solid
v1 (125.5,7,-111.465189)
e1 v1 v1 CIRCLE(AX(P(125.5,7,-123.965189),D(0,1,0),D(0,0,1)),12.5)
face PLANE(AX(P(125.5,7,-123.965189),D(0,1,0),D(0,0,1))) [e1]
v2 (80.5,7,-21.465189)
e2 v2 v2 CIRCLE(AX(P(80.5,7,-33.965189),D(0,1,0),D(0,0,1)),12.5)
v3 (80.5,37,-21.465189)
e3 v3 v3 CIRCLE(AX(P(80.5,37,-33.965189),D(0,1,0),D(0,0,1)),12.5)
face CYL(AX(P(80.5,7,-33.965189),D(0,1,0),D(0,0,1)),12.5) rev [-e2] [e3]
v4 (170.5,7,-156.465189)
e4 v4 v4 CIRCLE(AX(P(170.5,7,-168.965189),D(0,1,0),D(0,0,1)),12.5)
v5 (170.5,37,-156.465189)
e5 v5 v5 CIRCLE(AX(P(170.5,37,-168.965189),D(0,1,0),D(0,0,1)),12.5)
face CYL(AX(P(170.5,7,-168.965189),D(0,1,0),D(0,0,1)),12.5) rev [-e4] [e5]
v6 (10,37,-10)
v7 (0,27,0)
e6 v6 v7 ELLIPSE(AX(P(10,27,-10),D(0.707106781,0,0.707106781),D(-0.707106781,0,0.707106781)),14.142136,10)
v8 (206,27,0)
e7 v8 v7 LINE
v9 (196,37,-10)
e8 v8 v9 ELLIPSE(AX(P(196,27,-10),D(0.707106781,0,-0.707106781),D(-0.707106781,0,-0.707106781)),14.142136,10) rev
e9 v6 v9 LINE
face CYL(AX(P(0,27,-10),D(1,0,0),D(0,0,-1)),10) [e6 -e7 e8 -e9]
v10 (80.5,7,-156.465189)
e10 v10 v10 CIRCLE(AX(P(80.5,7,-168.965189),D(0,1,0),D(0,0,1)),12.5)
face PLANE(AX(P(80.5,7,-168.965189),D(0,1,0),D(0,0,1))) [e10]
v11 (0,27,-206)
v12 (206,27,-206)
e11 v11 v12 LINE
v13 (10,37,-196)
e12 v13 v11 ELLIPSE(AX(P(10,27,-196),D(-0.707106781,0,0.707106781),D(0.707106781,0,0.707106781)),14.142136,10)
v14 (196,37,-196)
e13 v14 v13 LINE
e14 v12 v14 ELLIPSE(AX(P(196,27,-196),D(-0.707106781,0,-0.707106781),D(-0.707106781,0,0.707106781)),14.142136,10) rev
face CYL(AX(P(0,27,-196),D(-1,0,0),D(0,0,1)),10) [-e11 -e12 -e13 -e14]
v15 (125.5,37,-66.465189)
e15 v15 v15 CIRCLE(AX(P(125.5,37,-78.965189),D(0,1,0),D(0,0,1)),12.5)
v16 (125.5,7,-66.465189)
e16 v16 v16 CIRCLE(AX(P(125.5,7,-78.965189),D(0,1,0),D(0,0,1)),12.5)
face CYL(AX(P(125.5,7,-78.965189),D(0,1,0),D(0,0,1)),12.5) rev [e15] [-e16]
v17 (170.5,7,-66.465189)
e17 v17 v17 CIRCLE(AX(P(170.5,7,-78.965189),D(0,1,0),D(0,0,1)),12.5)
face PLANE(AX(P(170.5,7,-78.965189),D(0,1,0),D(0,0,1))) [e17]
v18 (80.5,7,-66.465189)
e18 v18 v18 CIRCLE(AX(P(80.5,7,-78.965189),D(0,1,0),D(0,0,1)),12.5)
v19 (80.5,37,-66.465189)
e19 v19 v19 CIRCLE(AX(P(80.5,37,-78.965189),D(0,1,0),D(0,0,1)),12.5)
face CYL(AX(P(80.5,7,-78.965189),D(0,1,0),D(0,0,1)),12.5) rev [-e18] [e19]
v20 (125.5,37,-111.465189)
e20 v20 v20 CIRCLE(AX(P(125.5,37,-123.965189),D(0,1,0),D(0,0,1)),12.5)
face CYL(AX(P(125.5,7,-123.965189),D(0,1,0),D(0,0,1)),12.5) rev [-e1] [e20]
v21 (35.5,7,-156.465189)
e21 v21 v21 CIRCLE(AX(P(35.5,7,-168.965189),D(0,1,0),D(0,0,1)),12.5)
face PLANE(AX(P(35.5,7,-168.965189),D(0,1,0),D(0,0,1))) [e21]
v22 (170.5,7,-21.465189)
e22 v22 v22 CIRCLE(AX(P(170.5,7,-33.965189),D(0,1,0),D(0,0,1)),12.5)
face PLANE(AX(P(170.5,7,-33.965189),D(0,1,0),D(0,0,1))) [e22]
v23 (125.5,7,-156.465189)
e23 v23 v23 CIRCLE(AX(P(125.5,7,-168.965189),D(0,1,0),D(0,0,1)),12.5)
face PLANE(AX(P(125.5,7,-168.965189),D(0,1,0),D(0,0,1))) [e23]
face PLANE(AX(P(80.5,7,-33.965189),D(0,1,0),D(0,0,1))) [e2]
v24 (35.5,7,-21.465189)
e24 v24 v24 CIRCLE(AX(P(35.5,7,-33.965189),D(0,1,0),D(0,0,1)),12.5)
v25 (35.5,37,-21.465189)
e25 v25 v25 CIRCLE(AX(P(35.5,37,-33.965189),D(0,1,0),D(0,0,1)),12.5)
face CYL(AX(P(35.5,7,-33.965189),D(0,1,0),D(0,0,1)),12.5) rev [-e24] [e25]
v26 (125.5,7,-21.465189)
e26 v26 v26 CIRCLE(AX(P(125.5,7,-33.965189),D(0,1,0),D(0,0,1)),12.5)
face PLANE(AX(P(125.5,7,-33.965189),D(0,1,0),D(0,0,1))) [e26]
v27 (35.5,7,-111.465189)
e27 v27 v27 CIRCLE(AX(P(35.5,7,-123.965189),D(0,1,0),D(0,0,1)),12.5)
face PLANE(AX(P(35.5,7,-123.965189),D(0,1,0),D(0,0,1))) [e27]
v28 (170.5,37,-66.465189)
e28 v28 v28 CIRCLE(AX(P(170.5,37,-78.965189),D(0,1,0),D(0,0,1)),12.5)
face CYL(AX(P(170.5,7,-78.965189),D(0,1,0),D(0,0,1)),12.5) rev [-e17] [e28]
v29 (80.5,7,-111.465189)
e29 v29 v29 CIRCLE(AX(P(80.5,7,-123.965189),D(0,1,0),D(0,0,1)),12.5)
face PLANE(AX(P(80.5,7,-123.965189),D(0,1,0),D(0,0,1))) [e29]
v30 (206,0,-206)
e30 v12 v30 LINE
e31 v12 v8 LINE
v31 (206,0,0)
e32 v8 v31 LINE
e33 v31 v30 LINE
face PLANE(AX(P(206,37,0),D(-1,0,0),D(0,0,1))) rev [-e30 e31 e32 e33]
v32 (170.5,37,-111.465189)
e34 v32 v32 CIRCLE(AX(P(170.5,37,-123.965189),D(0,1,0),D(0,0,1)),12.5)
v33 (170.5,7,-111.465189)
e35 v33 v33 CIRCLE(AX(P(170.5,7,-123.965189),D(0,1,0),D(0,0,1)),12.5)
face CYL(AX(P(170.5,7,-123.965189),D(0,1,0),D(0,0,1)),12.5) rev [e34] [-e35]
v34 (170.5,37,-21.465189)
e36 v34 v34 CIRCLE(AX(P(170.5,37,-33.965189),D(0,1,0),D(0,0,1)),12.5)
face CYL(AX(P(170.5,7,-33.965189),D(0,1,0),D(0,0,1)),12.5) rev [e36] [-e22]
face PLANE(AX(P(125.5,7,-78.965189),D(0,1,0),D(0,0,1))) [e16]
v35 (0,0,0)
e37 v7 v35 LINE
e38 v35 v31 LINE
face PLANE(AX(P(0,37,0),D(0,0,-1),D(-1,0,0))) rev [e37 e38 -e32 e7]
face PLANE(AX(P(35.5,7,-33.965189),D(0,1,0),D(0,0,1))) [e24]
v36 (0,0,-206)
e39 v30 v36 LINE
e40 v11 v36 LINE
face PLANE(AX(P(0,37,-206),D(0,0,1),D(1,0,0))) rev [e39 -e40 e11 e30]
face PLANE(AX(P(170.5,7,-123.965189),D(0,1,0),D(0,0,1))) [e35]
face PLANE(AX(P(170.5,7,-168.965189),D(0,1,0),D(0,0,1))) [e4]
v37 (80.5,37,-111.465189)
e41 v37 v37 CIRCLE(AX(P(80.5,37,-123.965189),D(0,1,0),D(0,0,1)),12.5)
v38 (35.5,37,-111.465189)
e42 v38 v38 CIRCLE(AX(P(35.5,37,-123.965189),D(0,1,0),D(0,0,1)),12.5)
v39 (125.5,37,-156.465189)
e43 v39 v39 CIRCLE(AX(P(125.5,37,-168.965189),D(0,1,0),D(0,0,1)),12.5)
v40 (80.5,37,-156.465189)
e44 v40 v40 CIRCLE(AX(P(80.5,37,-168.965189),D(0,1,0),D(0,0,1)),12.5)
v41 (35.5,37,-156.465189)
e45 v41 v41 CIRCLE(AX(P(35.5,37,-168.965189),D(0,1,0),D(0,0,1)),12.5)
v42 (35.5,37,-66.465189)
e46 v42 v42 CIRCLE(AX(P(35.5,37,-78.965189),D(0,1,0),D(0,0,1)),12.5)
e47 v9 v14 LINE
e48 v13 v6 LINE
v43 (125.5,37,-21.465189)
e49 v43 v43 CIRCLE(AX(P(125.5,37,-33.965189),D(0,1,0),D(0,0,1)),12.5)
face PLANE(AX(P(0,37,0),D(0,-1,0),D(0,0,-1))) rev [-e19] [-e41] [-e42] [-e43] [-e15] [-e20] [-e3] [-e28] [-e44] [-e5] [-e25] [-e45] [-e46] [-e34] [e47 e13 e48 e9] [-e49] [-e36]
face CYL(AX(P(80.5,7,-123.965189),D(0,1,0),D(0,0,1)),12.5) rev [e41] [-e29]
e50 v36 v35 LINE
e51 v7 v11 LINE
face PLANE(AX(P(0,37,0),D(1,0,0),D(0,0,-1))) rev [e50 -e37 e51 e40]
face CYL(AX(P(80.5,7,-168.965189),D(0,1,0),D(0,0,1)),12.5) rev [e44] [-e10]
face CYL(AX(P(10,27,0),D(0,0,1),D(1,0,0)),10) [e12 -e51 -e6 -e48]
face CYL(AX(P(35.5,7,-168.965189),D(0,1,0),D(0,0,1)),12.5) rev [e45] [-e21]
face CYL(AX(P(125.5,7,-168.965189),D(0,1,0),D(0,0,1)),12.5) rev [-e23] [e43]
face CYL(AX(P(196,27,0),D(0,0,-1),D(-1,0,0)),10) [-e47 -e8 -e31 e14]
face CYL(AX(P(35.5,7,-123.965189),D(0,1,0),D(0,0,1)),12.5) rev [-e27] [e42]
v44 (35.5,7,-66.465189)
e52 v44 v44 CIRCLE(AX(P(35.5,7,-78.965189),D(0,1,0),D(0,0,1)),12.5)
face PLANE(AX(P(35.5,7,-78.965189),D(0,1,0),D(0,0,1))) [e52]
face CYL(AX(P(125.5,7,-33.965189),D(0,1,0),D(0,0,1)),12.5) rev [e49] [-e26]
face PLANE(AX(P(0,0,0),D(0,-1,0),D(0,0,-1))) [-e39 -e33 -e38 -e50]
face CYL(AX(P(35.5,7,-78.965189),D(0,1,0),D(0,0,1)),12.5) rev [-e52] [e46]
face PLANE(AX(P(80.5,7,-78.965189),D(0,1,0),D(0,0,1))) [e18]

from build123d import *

# Parameters (mm, degrees)
SKETCH1_W           = 206
SKETCH1_H           = 206
BOSS_EXTRUDE1_DEPTH = 37
SKETCH2_R           = 12.5
CUT_EXTRUDE1_DEPTH  = 30
LPATTERN1_COUNT     = 4
LPATTERN1_PITCH     = 45
FILLET2_R           = 10


with BuildPart() as part:
    # Sketch1 → Boss-Extrude1 (new body)
    with BuildSketch(Plane(origin=(0, 0, 0), x_dir=(1, 0, 0), z_dir=(0, 1, 0))):
        with Locations((103, 103)):
            Rectangle(SKETCH1_W, SKETCH1_H)
    extrude(amount=BOSS_EXTRUDE1_DEPTH)

    # Sketch2 → Cut-Extrude1 (cut)
    with BuildSketch(Plane(origin=(0, 37, 0), x_dir=(1, 0, 0), z_dir=(0, 1, 0))):
        with Locations(Location((80.5, 168.965188792, 0), (0, 0, 270))):
            Circle(SKETCH2_R)
        with Locations(Location((35.5, 168.965188792, 0), (0, 0, 270))):
            Circle(SKETCH2_R)
        with Locations(Location((125.5, 168.965188792, 0), (0, 0, 270))):
            Circle(SKETCH2_R)
        with Locations(Location((170.5, 168.965188792, 0), (0, 0, 270))):
            Circle(SKETCH2_R)
    cut_extrude1 = extrude(amount=-CUT_EXTRUDE1_DEPTH, mode=Mode.SUBTRACT)

    # LPattern1: Cut-Extrude1 ×4
    with Locations(*[(0, 0, i * LPATTERN1_PITCH) for i in range(1, LPATTERN1_COUNT)]):
        add(cut_extrude1, mode=Mode.SUBTRACT)

    # Fillet2
    fillet2_edges = [part.edges().sort_by_distance(p)[0] for p in [
        (206, 37, -103),
        (103, 37, -206),
        (0, 37, -103),
        (103, 37, 0),
    ]]
    fillet(fillet2_edges, radius=FILLET2_R)


solid = part.part
